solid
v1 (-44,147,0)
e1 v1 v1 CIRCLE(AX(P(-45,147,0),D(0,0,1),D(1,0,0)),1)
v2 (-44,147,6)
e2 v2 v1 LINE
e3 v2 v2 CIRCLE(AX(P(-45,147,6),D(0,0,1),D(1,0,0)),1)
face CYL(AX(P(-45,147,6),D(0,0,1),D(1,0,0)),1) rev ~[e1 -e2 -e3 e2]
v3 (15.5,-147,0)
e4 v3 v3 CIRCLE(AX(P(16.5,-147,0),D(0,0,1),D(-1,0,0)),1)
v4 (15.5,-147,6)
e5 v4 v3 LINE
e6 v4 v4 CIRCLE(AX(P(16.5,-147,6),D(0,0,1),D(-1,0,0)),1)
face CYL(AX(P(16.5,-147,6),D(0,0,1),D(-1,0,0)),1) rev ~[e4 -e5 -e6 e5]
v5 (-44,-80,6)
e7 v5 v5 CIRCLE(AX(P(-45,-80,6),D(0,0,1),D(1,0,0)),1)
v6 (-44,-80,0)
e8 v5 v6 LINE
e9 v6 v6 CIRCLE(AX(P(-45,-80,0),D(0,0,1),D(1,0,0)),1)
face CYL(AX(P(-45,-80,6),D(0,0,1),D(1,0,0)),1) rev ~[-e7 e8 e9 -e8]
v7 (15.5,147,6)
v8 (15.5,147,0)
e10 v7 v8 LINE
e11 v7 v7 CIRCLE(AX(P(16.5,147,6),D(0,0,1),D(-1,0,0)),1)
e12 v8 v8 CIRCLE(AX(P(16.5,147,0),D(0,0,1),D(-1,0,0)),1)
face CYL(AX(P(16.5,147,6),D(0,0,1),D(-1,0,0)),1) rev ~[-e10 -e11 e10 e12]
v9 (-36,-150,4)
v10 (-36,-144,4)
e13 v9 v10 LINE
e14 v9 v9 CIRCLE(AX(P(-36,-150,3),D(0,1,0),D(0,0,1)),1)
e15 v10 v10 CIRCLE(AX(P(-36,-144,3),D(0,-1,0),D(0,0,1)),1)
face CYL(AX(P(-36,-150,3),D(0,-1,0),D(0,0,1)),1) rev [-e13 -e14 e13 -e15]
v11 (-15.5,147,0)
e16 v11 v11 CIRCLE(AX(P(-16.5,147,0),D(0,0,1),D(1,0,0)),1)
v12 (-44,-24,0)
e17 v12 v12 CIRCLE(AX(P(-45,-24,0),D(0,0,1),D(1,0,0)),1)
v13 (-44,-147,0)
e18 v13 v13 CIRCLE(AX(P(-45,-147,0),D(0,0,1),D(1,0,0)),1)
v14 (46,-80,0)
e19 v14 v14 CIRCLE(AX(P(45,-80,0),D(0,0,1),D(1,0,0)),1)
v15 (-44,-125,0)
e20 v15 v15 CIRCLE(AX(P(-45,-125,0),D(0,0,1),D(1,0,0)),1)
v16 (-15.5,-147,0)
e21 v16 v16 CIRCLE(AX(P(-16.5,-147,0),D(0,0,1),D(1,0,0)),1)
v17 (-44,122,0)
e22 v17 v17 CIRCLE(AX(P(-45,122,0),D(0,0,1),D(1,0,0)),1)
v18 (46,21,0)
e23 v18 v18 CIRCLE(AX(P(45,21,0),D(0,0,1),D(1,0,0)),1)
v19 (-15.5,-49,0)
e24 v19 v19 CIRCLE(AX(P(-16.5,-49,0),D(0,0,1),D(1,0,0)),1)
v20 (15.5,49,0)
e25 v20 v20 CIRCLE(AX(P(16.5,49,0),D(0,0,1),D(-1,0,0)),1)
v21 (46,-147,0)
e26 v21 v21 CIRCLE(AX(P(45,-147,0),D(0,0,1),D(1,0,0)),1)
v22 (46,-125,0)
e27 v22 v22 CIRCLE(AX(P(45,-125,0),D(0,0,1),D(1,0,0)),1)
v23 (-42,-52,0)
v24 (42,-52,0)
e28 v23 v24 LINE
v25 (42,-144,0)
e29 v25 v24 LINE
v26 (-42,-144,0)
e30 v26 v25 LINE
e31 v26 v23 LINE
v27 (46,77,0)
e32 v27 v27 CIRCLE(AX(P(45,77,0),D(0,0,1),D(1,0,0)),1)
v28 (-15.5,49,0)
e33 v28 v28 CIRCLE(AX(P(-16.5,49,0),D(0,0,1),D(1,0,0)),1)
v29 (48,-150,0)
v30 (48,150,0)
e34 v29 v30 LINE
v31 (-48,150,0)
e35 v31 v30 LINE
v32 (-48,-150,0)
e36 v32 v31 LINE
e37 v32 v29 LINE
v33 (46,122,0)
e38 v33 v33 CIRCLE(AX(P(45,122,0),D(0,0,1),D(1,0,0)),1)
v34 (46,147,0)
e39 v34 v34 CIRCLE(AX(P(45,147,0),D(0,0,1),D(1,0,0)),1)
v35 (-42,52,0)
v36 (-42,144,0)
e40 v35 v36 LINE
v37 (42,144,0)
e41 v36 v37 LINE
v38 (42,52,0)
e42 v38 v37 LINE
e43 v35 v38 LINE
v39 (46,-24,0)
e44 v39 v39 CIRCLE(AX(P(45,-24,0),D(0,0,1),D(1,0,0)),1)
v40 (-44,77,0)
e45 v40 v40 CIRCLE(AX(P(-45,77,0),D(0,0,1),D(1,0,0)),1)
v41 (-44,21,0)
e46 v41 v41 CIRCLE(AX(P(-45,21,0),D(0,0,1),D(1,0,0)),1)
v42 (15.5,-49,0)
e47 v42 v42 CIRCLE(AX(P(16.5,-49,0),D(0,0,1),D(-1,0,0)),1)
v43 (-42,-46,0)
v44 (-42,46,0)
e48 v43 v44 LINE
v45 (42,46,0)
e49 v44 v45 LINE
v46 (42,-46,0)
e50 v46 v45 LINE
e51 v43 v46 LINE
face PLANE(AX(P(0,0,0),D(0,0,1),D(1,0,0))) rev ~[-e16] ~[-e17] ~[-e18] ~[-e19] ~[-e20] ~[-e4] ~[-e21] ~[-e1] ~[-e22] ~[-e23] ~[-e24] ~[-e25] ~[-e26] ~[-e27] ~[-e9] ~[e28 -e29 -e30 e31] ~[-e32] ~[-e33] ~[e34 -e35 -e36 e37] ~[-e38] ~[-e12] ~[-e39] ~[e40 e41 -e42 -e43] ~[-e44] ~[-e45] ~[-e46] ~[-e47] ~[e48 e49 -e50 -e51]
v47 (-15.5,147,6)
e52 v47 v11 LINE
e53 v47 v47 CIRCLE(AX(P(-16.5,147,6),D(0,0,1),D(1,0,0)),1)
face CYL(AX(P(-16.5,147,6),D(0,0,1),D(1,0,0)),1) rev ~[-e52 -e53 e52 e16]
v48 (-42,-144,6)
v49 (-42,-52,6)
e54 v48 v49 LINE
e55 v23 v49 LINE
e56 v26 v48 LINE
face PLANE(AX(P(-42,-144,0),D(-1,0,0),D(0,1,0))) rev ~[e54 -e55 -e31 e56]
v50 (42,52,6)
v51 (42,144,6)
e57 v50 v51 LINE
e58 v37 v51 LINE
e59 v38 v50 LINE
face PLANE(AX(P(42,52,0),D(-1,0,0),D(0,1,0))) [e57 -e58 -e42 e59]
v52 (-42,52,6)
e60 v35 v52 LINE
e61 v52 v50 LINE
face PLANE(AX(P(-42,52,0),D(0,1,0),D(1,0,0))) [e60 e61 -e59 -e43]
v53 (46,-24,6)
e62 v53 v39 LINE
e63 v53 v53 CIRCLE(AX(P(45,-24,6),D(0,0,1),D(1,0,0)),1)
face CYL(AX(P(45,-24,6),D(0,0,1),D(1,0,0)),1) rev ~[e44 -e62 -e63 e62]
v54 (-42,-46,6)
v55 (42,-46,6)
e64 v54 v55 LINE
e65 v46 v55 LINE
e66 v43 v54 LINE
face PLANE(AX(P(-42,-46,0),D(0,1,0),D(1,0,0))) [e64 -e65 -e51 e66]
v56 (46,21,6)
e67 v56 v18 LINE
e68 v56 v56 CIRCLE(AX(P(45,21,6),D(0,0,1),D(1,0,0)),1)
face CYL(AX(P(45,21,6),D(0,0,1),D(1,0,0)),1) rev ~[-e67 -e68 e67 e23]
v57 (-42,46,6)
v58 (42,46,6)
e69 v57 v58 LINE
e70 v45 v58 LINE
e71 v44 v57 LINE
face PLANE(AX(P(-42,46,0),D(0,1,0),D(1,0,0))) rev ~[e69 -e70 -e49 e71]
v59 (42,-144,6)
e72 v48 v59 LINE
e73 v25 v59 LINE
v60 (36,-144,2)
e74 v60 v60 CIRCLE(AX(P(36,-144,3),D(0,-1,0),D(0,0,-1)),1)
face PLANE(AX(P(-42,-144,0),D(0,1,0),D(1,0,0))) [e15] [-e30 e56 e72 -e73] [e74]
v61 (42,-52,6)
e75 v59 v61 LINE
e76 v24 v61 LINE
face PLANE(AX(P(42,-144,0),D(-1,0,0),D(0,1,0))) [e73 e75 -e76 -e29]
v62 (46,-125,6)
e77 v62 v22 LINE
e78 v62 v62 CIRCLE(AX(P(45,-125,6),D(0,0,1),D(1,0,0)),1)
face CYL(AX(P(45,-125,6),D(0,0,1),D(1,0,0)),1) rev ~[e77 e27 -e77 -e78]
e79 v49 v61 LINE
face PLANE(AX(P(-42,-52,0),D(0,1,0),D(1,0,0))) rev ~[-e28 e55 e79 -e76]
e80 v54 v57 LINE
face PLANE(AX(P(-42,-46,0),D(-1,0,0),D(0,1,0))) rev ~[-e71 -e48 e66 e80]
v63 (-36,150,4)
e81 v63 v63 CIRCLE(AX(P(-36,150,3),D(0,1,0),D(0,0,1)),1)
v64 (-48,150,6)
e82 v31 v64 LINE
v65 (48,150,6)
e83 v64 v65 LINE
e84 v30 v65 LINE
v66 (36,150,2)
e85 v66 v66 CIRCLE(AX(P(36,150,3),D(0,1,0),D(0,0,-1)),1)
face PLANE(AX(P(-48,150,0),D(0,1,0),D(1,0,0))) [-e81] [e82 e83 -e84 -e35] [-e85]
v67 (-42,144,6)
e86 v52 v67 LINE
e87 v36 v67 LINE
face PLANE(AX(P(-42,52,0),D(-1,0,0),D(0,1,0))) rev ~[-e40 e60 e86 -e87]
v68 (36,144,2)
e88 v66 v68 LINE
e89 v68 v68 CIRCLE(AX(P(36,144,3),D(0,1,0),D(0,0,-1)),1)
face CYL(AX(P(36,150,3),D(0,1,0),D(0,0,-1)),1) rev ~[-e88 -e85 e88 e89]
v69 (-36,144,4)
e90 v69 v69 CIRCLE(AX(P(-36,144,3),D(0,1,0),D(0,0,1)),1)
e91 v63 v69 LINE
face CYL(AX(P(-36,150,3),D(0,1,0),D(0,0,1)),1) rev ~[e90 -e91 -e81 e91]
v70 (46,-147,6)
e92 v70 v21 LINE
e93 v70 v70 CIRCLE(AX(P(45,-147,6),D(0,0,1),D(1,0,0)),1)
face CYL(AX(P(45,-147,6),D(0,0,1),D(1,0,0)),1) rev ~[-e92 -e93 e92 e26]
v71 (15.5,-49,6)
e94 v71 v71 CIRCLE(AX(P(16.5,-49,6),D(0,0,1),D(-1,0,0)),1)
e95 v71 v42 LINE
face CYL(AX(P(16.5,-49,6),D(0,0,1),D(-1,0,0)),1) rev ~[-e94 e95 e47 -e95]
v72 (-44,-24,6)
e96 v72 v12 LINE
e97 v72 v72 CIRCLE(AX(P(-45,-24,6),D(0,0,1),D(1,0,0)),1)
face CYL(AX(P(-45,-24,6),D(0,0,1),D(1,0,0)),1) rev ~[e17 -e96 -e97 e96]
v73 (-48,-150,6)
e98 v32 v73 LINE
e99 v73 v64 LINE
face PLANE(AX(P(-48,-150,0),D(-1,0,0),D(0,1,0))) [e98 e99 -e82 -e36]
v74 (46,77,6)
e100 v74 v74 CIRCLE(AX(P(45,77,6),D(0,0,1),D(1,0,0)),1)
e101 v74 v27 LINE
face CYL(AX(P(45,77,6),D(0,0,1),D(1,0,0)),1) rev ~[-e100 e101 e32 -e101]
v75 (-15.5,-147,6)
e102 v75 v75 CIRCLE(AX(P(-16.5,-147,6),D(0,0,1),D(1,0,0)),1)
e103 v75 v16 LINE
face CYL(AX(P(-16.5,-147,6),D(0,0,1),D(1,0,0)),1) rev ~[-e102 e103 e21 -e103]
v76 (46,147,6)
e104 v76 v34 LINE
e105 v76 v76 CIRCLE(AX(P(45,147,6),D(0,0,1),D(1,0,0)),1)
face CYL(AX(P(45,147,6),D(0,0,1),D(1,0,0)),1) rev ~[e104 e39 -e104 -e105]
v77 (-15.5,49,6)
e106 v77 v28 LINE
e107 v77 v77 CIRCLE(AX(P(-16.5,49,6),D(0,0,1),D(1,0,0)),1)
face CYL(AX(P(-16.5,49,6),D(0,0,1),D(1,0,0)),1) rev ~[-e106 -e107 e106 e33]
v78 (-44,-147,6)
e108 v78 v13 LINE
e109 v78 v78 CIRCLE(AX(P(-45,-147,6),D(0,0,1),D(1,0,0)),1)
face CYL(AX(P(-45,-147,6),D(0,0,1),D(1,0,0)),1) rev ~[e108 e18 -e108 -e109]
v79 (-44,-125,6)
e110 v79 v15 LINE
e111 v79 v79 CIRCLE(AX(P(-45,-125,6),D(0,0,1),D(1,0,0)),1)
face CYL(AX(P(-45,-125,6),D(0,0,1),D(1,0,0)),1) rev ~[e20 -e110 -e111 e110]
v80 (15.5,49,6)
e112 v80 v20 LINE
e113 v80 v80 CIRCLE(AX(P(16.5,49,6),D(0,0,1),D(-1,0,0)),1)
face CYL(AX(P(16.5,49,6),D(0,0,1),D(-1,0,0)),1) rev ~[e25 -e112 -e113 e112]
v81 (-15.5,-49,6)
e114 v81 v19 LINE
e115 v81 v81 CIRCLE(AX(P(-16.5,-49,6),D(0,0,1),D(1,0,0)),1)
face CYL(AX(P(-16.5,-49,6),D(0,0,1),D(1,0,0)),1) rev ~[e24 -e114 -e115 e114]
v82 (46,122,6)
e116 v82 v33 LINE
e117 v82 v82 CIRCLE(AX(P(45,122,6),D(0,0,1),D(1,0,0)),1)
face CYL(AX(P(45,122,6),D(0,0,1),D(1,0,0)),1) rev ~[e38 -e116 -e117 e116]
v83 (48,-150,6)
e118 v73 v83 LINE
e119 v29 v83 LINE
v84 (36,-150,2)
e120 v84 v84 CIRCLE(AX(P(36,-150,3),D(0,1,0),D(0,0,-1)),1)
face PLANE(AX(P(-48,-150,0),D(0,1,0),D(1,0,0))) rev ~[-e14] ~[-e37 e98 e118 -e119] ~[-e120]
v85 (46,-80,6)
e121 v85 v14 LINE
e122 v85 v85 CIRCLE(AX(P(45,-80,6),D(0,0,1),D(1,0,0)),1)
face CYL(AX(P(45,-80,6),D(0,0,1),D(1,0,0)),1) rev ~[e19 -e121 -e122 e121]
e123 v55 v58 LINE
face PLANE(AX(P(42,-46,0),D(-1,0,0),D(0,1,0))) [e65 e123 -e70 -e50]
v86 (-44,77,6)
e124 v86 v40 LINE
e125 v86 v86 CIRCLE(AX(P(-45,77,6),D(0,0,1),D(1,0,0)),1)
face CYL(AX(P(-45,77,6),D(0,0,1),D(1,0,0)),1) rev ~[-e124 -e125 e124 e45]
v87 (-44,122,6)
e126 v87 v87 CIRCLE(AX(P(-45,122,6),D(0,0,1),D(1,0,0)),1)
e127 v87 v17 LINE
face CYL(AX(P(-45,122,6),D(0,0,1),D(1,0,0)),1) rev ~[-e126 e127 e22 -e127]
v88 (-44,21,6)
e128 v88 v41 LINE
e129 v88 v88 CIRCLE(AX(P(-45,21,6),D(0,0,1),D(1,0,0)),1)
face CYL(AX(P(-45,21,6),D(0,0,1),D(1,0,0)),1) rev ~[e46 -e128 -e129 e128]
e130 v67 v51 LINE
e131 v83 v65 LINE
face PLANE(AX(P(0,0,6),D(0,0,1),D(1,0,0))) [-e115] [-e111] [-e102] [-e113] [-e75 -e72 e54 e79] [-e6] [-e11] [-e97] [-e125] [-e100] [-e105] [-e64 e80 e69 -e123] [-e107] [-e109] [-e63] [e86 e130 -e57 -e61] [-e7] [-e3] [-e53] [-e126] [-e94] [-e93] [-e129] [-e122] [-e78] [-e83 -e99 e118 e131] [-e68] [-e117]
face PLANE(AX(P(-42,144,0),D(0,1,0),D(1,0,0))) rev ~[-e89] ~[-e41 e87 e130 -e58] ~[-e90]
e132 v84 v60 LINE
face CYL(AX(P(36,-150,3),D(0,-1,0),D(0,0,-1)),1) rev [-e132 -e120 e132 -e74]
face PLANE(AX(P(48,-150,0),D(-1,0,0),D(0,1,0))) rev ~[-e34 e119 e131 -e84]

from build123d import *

# Parameters (mm, degrees)
SKETCH1_W           = 96
SKETCH1_H           = 300
SKETCH1_W_2         = 84
SKETCH1_H_2         = 92
BOSS_EXTRUDE1_DEPTH = 6
SKETCH2_R           = 1
CUT_EXTRUDE1_DEPTH  = 6
SKETCH4_R           = 1
CUT_EXTRUDE5_DEPTH  = 10
SKETCH3_R           = 1
CUT_EXTRUDE6_DEPTH  = 10


with BuildPart() as part:
    # Sketch1 → Boss-Extrude1 (new body)
    with BuildSketch(Plane.XY):
        Rectangle(SKETCH1_W, SKETCH1_H)
        with Locations((0, 98)):
            Rectangle(SKETCH1_W_2, SKETCH1_H_2, mode=Mode.SUBTRACT)
        with Locations((0, -98)):
            Rectangle(SKETCH1_W_2, SKETCH1_H_2, mode=Mode.SUBTRACT)
        Rectangle(SKETCH1_W_2, SKETCH1_H_2, mode=Mode.SUBTRACT)
    extrude(amount=BOSS_EXTRUDE1_DEPTH)

    # Sketch2 → Cut-Extrude1 (cut)
    with BuildSketch(Plane.XY.offset(6)):
        with Locations((-45, 147)):
            Circle(SKETCH2_R)
        with Locations((45, 147)):
            Circle(SKETCH2_R)
        with Locations((-45, -147)):
            Circle(SKETCH2_R)
        with Locations((45, -147)):
            Circle(SKETCH2_R)
    extrude(amount=-CUT_EXTRUDE1_DEPTH, mode=Mode.SUBTRACT)

    # Sketch4 → Cut-Extrude5 (cut)
    with BuildSketch(Plane(origin=(0, 150, 0), x_dir=(1, 0, 0), z_dir=(0, 1, 0))):
        with Locations(Location((-36, -3, 0), (0, 0, 270))):
            Circle(SKETCH4_R)
        with Locations(Location((36, -3, 0), (0, 0, 90))):
            Circle(SKETCH4_R)
    cut_extrude5 = extrude(amount=-CUT_EXTRUDE5_DEPTH, mode=Mode.SUBTRACT)

    # Mirror1: Cut-Extrude5 across plane
    add(cut_extrude5.mirror(Plane.ZX), mode=Mode.SUBTRACT)

    # Sketch3 → Cut-Extrude6 (cut)
    with BuildSketch(Plane.XY.offset(6)):
        with Locations((-45.000000047, 122)):
            Circle(SKETCH3_R)
        with Locations((-16.5, 147)):
            Circle(SKETCH3_R)
        with Locations(Location((16.5, 147, 0), (0, 0, 180))):
            Circle(SKETCH3_R)
        with Locations((-16.5, 49)):
            Circle(SKETCH3_R)
        with Locations(Location((16.5, 49, 0), (0, 0, 180))):
            Circle(SKETCH3_R)
        with Locations((-16.5, -49)):
            Circle(SKETCH3_R)
        with Locations(Location((16.5, -49, 0), (0, 0, 180))):
            Circle(SKETCH3_R)
        with Locations((-16.5, -147)):
            Circle(SKETCH3_R)
        with Locations(Location((16.5, -147, 0), (0, 0, 180))):
            Circle(SKETCH3_R)
        with Locations((-45.000000047, 21)):
            Circle(SKETCH3_R)
        with Locations((44.999999953, 122)):
            Circle(SKETCH3_R)
        with Locations((44.999999953, 77)):
            Circle(SKETCH3_R)
        with Locations((-45.000000047, 77)):
            Circle(SKETCH3_R)
        with Locations((44.999999953, 21)):
            Circle(SKETCH3_R)
        with Locations((44.999999953, -24)):
            Circle(SKETCH3_R)
        with Locations((-45.000000047, -24)):
            Circle(SKETCH3_R)
        with Locations((-45.000000047, -80)):
            Circle(SKETCH3_R)
        with Locations((44.999999953, -80)):
            Circle(SKETCH3_R)
        with Locations((44.999999953, -125)):
            Circle(SKETCH3_R)
        with Locations((-45.000000047, -125)):
            Circle(SKETCH3_R)
    extrude(amount=-CUT_EXTRUDE6_DEPTH, mode=Mode.SUBTRACT)


solid = part.part
